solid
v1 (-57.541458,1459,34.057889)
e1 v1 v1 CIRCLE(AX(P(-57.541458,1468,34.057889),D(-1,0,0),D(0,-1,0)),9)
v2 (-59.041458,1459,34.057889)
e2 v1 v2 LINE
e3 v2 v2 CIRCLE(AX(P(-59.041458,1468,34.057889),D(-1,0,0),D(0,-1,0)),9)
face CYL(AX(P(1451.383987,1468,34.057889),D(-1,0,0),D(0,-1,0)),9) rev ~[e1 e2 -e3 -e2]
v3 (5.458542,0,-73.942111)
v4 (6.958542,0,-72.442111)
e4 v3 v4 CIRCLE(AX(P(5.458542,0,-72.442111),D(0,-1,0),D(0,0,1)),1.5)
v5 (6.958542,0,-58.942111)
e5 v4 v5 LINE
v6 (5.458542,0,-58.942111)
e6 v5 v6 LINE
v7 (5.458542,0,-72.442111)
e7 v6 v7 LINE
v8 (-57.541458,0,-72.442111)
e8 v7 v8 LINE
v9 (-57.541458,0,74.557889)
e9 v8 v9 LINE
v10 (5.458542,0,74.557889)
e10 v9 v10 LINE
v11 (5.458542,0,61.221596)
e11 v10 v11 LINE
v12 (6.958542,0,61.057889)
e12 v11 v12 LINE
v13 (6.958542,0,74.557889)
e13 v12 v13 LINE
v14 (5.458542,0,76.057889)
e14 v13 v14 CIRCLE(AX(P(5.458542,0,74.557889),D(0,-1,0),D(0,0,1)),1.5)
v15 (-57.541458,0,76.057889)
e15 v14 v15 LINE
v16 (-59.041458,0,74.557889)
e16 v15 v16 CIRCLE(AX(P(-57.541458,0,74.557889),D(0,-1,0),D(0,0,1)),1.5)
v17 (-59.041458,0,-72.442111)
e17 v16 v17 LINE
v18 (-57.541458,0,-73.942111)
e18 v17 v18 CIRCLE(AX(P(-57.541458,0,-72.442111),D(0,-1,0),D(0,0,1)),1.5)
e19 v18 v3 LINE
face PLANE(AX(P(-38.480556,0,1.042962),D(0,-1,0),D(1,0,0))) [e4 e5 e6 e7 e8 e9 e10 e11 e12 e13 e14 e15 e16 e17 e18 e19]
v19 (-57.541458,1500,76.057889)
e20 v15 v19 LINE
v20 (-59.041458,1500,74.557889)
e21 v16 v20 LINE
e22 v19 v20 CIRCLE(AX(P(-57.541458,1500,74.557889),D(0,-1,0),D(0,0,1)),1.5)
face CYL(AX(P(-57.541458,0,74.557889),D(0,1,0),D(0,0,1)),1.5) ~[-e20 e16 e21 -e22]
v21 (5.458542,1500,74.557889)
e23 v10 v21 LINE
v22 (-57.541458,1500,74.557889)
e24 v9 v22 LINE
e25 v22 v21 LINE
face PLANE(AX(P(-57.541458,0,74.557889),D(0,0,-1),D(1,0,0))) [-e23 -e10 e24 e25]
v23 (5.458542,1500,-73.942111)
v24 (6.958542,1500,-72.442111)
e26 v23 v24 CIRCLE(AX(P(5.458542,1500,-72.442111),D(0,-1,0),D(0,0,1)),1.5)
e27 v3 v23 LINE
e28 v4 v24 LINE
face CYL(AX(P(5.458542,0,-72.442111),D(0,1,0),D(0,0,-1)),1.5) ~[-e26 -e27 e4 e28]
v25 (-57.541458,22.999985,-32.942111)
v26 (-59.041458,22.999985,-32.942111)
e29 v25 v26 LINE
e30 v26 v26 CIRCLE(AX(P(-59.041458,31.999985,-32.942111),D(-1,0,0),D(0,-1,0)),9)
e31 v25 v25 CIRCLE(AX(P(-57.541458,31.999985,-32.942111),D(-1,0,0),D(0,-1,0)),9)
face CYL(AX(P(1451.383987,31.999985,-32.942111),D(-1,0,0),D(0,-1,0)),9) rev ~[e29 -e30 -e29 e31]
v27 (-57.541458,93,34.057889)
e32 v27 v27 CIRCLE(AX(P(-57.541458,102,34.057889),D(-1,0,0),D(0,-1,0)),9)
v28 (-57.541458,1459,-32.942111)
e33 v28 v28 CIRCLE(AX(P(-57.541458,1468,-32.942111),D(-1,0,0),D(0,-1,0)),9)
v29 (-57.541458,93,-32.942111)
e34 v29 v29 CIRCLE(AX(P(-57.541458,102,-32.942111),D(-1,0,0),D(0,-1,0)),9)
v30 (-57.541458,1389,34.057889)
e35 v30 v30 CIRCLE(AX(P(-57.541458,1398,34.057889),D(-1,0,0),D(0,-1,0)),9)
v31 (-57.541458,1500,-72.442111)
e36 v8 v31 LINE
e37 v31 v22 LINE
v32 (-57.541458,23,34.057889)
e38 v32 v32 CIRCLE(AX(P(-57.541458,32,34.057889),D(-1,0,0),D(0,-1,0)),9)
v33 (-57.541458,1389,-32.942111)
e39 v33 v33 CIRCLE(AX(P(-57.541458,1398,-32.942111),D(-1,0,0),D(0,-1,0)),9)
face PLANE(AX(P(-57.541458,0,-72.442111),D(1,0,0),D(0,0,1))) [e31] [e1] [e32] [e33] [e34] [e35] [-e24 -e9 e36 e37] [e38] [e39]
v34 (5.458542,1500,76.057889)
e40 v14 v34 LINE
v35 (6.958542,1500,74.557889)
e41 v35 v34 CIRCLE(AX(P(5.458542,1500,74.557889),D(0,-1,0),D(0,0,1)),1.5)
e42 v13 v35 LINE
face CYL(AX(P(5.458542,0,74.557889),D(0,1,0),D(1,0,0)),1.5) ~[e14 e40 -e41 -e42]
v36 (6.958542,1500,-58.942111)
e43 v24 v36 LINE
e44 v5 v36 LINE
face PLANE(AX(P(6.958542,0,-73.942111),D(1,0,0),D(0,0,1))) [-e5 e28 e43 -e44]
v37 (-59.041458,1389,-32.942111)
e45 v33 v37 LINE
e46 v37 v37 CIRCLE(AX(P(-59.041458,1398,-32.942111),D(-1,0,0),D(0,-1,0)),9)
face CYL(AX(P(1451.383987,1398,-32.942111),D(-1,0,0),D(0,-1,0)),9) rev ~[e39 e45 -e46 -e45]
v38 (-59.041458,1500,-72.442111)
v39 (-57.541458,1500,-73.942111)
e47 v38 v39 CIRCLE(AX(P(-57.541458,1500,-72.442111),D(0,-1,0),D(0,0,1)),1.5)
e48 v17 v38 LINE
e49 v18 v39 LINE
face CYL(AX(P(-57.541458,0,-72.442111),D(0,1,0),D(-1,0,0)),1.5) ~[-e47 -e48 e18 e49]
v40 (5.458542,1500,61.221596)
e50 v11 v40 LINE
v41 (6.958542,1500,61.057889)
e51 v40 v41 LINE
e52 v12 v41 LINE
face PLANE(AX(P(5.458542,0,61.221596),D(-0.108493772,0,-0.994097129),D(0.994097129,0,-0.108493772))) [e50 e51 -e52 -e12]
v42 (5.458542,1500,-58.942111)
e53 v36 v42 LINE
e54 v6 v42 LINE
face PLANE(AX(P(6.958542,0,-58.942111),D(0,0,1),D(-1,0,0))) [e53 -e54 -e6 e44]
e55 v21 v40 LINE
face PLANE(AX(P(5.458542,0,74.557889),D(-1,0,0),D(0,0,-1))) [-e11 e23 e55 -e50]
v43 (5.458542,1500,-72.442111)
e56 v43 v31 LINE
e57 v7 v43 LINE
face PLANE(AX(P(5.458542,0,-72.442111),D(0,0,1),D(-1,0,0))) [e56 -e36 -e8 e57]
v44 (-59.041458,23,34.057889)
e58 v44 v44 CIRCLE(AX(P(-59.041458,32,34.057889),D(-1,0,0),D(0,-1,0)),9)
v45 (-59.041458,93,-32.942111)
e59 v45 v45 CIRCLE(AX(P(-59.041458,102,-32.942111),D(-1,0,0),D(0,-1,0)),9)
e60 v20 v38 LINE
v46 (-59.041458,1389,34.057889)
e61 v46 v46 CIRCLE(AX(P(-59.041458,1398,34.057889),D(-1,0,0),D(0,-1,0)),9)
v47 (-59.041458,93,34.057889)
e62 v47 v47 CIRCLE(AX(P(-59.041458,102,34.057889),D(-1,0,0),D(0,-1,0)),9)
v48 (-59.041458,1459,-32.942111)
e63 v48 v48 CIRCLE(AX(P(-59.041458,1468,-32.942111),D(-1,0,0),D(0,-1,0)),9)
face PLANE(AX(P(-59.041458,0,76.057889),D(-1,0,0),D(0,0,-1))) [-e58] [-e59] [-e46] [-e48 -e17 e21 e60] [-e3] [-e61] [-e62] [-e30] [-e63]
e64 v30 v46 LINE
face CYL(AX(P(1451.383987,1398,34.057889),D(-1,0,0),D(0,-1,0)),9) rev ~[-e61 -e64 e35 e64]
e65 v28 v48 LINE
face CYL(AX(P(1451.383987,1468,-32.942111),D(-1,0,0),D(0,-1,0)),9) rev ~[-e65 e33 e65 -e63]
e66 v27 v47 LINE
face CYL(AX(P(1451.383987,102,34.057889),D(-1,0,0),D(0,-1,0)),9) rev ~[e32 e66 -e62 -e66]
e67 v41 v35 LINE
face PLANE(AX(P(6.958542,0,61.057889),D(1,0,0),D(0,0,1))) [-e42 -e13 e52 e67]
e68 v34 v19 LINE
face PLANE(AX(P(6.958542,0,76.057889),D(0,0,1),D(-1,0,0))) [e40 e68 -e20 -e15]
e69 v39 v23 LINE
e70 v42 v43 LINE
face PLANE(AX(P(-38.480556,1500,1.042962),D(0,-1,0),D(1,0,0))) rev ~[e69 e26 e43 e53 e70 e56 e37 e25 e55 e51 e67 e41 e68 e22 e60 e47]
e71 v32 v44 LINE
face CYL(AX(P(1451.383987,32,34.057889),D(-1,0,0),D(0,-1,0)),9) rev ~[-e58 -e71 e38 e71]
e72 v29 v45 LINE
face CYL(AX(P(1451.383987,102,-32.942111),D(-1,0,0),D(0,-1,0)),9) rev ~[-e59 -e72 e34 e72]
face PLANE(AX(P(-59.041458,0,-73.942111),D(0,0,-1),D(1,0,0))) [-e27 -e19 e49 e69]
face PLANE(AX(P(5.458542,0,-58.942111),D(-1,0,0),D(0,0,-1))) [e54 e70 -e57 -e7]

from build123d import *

# Parameters (mm, degrees)
F1_DEPTH = 1500
F2_R     = 1.5
F4_D     = 18


with BuildPart() as f1:
    # F0 (on Front) → F1 (new body)
    with BuildSketch(Plane.XZ):
        Polygon((5.458542, 61.221596), (6.958542, 61.057889), (6.958542, 76.057889), (-59.041458, 76.057889), (-59.041458, -73.942111), (6.958542, -73.942111), (6.958542, -58.942111), (5.458542, -58.942111), (5.458542, -72.442111), (-57.541458, -72.442111), (-57.541458, 74.557889), (5.458542, 74.557889), align=None)
    extrude(amount=-F1_DEPTH)

    # F2
    f2_edges = [f1.edges().sort_by_distance(p)[0] for p in [
        (-59.041458, 750, 76.057889),
        (6.958542, 750, 76.057889),
        (6.958542, 750, -73.942111),
        (-59.041458, 750, -73.942111),
    ]]
    fillet(f2_edges, radius=F2_R)

    # F4 (through all)
    with Locations(Plane.YZ.offset(-57.541458)):
        with Locations((32, 34.057889), (102, 34.057889), (31.999985, -32.942111), (102, -32.942111), (1468, 34.057889), (1398, 34.057889), (1398, -32.942111), (1468, -32.942111)):
            Hole(F4_D / 2)


solid = f1.part
